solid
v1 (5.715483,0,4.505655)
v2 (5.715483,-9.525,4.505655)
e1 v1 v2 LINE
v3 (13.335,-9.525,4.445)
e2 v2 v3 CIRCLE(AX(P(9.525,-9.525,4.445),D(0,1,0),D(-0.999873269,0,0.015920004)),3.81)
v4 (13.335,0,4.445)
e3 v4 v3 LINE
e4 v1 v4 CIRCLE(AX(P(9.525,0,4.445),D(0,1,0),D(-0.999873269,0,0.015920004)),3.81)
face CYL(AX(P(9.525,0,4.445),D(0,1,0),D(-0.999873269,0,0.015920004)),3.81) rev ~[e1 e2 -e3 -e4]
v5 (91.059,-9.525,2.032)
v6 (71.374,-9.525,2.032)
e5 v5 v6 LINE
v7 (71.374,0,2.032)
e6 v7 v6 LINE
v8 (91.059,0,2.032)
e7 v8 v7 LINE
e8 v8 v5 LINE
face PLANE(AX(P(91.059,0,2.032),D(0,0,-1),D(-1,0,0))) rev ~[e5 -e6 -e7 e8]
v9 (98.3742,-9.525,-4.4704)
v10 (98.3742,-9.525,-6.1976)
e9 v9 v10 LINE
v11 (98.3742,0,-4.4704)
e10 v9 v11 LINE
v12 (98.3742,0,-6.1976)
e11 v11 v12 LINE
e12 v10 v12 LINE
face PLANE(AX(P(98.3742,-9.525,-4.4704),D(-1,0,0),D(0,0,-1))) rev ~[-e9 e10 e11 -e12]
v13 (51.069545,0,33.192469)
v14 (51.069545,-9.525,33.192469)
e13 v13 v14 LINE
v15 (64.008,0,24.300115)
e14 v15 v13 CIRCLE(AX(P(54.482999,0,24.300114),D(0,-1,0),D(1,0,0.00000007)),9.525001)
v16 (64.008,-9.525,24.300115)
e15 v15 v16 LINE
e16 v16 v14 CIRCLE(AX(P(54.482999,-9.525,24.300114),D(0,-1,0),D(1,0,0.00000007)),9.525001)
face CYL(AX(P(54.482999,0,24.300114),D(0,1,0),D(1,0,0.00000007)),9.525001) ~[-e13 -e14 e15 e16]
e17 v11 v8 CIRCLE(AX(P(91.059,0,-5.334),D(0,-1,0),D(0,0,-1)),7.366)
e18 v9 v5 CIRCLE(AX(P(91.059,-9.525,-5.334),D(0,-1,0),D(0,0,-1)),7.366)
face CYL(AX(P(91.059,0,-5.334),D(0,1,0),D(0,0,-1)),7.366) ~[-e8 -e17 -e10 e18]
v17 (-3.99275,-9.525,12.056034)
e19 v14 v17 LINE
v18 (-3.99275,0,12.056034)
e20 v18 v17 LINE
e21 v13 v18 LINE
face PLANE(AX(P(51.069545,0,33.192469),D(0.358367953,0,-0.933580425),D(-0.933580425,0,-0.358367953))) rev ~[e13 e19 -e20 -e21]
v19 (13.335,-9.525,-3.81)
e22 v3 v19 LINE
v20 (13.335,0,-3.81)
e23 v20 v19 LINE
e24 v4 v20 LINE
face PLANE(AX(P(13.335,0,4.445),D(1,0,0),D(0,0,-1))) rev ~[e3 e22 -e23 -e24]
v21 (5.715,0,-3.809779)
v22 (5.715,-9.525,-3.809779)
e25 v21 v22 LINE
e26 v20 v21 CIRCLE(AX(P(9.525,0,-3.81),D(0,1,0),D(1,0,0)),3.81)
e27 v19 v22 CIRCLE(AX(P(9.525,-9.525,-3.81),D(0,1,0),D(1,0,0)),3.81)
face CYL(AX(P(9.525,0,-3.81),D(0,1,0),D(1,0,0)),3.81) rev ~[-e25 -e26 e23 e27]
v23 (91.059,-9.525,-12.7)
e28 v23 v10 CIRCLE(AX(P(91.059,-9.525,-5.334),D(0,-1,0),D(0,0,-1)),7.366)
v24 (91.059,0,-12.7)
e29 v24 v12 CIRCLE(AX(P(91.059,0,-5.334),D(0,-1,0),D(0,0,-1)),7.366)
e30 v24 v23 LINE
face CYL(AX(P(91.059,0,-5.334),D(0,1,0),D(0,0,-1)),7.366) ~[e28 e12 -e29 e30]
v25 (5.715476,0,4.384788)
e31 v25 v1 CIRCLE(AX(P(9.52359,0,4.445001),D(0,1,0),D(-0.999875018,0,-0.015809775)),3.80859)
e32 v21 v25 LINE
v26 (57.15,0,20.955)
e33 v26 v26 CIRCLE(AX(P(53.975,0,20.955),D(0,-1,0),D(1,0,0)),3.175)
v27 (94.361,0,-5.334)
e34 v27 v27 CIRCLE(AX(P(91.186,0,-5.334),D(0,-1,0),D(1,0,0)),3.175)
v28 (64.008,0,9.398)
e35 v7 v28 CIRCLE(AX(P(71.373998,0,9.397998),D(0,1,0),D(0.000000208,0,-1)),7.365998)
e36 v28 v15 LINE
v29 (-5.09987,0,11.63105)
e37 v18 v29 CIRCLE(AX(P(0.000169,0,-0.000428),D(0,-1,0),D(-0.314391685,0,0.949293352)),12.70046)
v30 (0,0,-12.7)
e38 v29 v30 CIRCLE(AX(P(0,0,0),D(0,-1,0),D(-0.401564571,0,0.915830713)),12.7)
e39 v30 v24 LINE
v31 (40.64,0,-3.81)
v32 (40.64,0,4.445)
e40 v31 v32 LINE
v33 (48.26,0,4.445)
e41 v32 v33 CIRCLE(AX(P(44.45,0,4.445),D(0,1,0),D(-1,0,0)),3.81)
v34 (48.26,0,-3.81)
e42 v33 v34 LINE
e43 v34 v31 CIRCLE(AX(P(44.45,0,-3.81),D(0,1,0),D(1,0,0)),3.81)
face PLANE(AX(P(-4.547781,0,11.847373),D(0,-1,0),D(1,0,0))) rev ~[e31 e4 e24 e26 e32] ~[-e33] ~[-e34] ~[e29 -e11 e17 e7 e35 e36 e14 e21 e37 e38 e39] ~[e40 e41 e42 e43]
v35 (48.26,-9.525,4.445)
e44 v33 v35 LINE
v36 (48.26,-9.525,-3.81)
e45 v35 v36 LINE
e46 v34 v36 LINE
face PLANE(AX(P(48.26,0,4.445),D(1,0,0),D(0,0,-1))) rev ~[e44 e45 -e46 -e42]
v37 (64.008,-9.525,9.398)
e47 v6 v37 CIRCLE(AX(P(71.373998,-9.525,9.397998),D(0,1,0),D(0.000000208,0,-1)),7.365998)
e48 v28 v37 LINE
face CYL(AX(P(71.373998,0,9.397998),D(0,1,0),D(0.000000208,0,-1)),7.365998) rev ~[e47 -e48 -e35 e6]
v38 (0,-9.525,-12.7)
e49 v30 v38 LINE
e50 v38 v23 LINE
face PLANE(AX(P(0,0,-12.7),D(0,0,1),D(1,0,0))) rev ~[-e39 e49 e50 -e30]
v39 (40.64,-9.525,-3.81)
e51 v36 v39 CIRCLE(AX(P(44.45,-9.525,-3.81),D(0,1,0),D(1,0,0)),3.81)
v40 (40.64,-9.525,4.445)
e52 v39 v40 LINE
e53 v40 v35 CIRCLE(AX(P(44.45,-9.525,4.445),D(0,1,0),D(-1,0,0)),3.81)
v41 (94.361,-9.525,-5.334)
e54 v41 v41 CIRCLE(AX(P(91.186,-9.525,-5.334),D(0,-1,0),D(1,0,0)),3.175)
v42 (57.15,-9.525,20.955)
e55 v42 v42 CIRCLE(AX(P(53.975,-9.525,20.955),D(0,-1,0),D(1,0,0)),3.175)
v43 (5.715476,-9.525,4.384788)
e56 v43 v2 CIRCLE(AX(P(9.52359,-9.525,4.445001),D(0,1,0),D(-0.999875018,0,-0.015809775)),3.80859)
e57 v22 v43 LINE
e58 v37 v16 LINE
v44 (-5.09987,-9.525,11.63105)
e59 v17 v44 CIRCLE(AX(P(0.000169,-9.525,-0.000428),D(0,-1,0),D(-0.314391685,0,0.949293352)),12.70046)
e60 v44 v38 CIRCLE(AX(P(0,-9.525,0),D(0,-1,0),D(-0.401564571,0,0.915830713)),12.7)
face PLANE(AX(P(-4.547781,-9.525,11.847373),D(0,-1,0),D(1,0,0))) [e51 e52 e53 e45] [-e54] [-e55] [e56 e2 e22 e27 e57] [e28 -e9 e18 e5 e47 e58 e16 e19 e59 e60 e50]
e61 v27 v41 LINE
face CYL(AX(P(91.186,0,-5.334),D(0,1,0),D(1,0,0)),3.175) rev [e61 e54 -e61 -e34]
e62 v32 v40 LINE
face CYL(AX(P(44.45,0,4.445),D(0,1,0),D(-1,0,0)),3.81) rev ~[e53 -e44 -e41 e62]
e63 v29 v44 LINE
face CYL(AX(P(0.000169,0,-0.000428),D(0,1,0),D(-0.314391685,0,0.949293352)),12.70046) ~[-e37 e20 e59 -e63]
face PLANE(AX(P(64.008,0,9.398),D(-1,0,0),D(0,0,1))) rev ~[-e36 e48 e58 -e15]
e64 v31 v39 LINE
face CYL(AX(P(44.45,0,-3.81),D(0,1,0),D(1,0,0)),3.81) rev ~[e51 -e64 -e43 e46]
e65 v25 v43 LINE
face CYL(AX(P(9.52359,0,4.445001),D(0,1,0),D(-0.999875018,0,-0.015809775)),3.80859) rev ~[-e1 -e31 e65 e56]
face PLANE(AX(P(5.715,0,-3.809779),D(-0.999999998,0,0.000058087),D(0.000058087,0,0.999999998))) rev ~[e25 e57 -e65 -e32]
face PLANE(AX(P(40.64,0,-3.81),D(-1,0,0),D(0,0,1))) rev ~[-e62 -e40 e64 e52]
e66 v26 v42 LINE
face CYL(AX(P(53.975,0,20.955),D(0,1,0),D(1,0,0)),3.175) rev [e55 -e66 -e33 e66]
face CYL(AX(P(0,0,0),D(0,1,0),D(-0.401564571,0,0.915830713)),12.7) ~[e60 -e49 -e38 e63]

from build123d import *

# Parameters (mm, degrees)
F0_R     = 3.175
F1_DEPTH = 9.525
F3_DEPTH = 127


with BuildPart() as f1:
    # F0 (on Front) → F1 (new body)
    with BuildSketch(Plane.XZ):
        with BuildLine():
            Line((-5.09987, 11.63105), (-3.99275, 12.056034))
            ThreePointArc((-3.99275, 12.056034), (-4.551273, 11.856471), (-5.09987, 11.63105))
        make_face()
        with BuildLine():
            Line((51.069545, 33.192469), (-3.99275, 12.056034))
            Line((-3.99275, 12.056034), (-5.09987, 11.63105))
            ThreePointArc((-5.09987, 11.63105), (-12.42989, -2.605347), (0, -12.7))
            Line((0, -12.7), (91.059, -12.7))
            ThreePointArc((91.059, -12.7), (98.425, -5.334), (91.059, 2.032))
            Line((91.059, 2.032), (71.374, 2.032))
            ThreePointArc((71.374, 2.032), (66.165451, 4.189451), (64.008, 9.398))
            Line((64.008, 9.398), (64.008, 24.300115))
            ThreePointArc((64.008, 24.300115), (59.878019, 32.149917), (51.069545, 33.192469))
        make_face()
        with BuildLine():
            ThreePointArc((5.715483, 4.505655), (9.555328, 8.254879), (13.335, 4.445))
            Line((13.335, 4.445), (13.335, -3.81))
            ThreePointArc((13.335, -3.81), (9.524889, -7.62), (5.715, -3.809779))
            Line((5.715, -3.809779), (5.715476, 4.384788))
            ThreePointArc((5.715476, 4.384788), (5.715, 4.445221), (5.715483, 4.505655))
        make_face(mode=Mode.SUBTRACT)
        with Locations((91.186, -5.334)):
            Circle(F0_R, mode=Mode.SUBTRACT)
        with BuildLine():
            ThreePointArc((40.64, 4.445), (44.45, 8.255), (48.26, 4.445))
            Line((48.26, 4.445), (48.26, -3.81))
            ThreePointArc((48.26, -3.81), (44.45, -7.62), (40.64, -3.81))
            Line((40.64, -3.81), (40.64, 4.445))
        make_face(mode=Mode.SUBTRACT)
        with Locations((53.975, 20.955)):
            Circle(F0_R, mode=Mode.SUBTRACT)
    extrude(amount=F1_DEPTH)

    # F2 (on face) → F3 (cut)
    with BuildSketch(Plane.XZ.offset(9.525)):
        with BuildLine():
            ThreePointArc((98.3742, -6.1976), (98.412289, -5.766546), (98.425, -5.334))
            Line((98.425, -5.334), (98.3742, -5.334))
            Line((98.3742, -5.334), (98.3742, -6.1976))
        make_face()
        with BuildLine():
            Line((98.3742, -5.334), (98.425, -5.334))
            ThreePointArc((98.425, -5.334), (98.412289, -4.901454), (98.3742, -4.4704))
            Line((98.3742, -4.4704), (98.3742, -5.334))
        make_face()
    extrude(amount=-F3_DEPTH, mode=Mode.SUBTRACT)


solid = f1.part
